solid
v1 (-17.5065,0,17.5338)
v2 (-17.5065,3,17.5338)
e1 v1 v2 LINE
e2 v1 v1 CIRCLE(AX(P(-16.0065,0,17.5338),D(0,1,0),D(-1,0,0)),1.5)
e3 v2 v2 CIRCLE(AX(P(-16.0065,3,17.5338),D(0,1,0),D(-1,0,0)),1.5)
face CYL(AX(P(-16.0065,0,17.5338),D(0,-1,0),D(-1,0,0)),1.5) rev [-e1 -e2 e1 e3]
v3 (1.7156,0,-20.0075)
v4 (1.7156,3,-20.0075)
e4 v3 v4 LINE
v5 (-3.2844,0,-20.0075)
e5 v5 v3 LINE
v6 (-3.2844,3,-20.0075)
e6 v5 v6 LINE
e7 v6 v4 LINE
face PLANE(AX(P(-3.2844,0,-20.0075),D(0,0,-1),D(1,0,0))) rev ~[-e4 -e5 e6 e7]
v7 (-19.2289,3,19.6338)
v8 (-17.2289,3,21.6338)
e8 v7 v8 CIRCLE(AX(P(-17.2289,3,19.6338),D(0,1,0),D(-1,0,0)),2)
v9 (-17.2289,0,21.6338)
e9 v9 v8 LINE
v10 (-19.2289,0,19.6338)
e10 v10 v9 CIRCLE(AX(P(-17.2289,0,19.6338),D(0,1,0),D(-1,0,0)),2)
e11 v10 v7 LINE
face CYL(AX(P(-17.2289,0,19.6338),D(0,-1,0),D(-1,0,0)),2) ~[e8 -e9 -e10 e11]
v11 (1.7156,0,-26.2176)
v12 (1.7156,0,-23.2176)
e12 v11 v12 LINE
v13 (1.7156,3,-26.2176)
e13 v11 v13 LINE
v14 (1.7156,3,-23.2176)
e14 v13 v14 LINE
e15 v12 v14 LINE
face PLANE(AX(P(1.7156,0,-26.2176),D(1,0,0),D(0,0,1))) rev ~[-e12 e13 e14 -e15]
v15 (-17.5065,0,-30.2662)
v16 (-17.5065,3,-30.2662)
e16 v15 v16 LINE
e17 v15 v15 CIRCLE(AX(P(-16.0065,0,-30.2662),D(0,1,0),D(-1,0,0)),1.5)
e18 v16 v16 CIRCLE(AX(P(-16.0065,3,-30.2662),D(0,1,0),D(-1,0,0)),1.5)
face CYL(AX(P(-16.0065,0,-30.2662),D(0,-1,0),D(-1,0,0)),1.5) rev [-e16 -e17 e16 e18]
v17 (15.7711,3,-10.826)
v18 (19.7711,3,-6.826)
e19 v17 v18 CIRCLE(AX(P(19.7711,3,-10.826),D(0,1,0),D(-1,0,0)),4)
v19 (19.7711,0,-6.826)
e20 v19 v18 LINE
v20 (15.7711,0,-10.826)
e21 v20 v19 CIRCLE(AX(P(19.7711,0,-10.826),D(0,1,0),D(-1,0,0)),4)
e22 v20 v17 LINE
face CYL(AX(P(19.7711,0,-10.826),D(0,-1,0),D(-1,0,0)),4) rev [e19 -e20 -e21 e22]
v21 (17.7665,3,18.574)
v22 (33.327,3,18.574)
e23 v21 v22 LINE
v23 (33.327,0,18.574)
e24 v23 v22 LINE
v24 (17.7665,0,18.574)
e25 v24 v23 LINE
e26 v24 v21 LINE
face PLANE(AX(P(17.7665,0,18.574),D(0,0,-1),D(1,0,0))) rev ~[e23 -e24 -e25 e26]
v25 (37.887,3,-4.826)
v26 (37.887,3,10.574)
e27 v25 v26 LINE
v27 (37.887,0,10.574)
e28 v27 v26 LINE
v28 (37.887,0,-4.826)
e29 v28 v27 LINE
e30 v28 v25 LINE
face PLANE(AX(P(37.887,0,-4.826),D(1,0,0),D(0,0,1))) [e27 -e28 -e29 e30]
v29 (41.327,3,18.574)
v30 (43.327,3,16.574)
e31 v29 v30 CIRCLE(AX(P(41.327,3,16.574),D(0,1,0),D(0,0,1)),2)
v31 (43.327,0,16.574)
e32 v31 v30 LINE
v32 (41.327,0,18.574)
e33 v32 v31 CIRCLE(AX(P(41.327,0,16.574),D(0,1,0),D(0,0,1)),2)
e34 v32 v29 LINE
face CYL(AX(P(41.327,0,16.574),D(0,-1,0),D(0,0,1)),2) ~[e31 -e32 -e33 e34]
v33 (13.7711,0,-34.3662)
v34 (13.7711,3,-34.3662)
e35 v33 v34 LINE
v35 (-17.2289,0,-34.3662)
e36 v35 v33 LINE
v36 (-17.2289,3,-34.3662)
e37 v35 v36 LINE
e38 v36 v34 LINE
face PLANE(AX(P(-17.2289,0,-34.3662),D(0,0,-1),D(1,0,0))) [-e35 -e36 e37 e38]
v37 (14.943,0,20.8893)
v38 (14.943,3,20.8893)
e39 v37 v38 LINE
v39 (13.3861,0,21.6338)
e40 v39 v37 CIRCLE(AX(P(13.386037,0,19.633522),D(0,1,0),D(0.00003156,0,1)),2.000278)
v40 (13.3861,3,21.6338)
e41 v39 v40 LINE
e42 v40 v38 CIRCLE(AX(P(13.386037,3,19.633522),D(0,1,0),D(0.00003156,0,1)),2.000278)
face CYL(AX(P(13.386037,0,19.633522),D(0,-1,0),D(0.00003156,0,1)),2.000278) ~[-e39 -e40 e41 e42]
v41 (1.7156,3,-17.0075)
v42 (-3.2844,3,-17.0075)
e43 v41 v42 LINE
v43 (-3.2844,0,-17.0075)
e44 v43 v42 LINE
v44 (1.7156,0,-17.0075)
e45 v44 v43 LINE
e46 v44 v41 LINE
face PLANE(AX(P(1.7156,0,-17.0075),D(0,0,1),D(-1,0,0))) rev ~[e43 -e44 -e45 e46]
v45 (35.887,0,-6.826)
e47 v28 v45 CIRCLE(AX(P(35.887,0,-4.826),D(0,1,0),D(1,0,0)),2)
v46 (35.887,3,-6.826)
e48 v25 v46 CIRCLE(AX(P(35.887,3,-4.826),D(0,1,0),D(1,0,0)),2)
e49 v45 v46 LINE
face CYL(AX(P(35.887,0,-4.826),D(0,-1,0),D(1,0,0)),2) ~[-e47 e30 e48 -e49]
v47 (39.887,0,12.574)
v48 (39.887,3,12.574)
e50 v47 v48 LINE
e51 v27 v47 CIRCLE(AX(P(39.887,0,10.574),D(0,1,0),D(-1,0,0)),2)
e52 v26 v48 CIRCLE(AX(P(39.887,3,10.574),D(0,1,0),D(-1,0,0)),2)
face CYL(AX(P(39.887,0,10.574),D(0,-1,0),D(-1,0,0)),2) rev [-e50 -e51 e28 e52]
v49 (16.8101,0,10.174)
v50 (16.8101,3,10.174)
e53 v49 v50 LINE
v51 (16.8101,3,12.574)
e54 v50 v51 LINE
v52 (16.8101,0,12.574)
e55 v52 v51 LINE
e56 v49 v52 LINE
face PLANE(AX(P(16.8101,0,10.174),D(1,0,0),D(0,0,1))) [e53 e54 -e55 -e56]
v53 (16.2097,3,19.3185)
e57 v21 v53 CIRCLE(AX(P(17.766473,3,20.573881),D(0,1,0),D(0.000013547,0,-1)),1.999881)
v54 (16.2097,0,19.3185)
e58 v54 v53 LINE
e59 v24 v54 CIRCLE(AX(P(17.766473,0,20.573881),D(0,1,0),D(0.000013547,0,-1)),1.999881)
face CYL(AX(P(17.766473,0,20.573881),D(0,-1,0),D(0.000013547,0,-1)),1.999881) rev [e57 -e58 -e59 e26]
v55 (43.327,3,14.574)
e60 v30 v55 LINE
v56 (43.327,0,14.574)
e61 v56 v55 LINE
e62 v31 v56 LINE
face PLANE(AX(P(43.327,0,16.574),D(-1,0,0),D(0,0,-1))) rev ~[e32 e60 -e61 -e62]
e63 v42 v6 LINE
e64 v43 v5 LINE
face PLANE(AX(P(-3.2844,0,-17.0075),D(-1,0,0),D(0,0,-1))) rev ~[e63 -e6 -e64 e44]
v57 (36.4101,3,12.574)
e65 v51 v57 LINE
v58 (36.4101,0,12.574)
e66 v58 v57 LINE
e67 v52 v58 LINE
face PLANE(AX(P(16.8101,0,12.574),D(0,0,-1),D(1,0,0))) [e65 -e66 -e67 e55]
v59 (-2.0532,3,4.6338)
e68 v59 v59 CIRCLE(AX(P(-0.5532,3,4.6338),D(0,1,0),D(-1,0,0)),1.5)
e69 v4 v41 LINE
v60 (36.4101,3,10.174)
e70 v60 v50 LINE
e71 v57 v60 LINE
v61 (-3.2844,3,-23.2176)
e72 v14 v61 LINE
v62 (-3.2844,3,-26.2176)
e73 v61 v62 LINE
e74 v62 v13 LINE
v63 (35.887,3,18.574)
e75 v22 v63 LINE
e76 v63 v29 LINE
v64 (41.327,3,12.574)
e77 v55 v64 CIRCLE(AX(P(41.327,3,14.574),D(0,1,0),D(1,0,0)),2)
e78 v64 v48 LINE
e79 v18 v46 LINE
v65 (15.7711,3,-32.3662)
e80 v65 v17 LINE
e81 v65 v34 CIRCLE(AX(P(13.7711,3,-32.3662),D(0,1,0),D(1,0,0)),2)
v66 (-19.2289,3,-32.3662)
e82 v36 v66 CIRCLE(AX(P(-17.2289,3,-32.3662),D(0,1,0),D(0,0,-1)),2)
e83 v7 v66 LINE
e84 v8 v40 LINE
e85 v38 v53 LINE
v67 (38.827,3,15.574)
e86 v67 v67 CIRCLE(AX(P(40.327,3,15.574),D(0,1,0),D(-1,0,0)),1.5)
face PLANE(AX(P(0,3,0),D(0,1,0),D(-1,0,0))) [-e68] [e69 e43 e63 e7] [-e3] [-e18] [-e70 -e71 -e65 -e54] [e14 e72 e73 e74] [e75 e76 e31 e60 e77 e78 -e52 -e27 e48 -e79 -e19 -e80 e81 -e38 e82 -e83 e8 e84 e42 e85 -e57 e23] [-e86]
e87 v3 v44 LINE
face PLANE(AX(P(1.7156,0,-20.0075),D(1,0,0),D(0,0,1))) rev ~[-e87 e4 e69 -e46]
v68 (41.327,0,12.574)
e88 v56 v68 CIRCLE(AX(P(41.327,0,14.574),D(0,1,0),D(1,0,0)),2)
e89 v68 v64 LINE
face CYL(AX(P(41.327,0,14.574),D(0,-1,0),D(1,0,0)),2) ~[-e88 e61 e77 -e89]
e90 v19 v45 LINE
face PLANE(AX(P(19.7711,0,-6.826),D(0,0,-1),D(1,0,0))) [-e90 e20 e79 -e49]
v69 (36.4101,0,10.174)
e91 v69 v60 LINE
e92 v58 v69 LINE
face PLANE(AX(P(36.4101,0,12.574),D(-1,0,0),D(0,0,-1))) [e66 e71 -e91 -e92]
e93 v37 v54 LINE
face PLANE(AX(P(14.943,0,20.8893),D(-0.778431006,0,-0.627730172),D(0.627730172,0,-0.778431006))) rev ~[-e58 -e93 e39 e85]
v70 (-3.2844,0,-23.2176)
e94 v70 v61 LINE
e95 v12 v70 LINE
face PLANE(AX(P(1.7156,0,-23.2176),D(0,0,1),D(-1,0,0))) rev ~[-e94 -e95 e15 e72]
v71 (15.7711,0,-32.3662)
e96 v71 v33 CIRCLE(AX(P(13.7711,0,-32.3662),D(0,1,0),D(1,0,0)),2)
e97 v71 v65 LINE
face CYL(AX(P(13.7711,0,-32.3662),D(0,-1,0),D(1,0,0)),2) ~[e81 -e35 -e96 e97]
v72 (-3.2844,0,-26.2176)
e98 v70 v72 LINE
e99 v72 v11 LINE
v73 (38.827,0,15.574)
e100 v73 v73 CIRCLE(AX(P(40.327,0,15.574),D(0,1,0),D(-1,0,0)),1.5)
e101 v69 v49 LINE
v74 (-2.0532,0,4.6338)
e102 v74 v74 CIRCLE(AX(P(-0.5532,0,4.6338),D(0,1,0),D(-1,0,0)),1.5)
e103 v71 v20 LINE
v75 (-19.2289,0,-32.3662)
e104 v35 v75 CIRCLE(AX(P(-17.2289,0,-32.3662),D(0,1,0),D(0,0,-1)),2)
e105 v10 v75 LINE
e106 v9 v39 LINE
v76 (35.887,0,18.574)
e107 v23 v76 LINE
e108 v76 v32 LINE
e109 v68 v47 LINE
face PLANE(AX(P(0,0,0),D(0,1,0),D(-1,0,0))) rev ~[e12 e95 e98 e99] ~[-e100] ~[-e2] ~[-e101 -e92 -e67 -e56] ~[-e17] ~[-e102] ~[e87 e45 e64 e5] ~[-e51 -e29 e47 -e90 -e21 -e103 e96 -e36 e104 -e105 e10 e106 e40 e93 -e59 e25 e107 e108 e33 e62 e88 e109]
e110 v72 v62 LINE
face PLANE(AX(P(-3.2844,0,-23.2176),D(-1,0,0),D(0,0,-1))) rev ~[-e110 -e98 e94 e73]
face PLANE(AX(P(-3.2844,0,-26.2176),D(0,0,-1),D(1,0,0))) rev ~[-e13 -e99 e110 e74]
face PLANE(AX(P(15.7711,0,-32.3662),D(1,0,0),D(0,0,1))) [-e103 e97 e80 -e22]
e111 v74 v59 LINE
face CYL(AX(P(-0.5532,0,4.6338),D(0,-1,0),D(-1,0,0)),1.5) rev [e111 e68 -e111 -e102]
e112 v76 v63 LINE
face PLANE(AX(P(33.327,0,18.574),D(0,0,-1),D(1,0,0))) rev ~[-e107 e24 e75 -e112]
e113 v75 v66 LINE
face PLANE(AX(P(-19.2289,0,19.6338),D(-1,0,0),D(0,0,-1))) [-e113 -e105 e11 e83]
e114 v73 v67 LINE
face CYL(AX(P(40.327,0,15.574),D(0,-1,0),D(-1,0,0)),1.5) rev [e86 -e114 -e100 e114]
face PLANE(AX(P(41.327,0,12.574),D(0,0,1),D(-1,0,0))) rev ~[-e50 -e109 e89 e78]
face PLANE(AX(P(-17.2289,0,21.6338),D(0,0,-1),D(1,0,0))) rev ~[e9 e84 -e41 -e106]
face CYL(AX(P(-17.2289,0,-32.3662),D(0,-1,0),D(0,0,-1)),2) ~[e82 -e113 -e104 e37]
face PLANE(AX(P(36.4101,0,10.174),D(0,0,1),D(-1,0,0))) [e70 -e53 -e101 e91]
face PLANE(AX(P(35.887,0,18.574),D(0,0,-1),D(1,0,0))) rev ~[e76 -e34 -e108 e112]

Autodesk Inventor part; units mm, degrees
ref_plane "YZ Plane" through (0, 0, 0) normal (1, 0, 0) x (0, 1, 0)
ref_plane "XZ Plane" through (0, 0, 0) normal (0, 1, 0) x (-1, 0, 0)
ref_plane "XY Plane" through (0, 0, 0) normal (0, 0, 1) x (1, 0, 0)
sketch "Sketch1" plane through (0, 0, 0) normal (0, 1, 0) x (-1, 0, 0)
  line L0 (19.2289, 19.6338) -> (19.2289, -32.3662)
  line L1 (17.2289, -34.3662) -> (-13.7711, -34.3662)
  line L2 (-15.7711, -32.3662) -> (-15.7711, -10.826)
  line L3 (-19.7711, -6.826) -> (-35.887, -6.826)
  line L4 (-37.887, -4.826) -> (-37.887, 10.574)
  line L5 (17.2289, 21.6338) -> (-13.3861, 21.6338)
  line L6 (-14.943, 20.8893) -> (-16.2097, 19.3185)
  line L7 (-17.7665, 18.574) -> (-35.887, 18.574)
  line L8 (-16.8101, 12.574) -> (-36.4101, 12.574)
  line L9 (-36.4101, 12.574) -> (-36.4101, 10.174)
  line L10 (-36.4101, 10.174) -> (-16.8101, 10.174)
  line L11 (-16.8101, 10.174) -> (-16.8101, 12.574)
  arc A0 (19.2289, 19.6338) -> (17.2289, 21.6338) centre (17.2289, 19.6338) ccw
  arc A1 (17.2289, -34.3662) -> (19.2289, -32.3662) centre (17.2289, -32.3662) ccw
  arc A2 (-15.7711, -32.3662) -> (-13.7711, -34.3662) centre (-13.7711, -32.3662) ccw
  arc A3 (-15.7711, -10.826) -> (-19.7711, -6.826) centre (-19.7711, -10.826) ccw
  arc A4 (-37.887, -4.826) -> (-35.887, -6.826) centre (-35.887, -4.826) ccw
  arc A5 (-17.7665, 18.574) -> (-16.2097, 19.3185) centre (-17.7665, 20.574) ccw
  arc A6 (-13.3861, 21.6338) -> (-14.943, 20.8893) centre (-13.3861, 19.6338) ccw
  line L12 (-33.327, 18.574) -> (-41.327, 18.574)
  line L13 (-43.327, 16.574) -> (-43.327, 14.574)
  line L14 (-41.327, 12.574) -> (-39.887, 12.574)
  circle A7 centre (-40.327, 15.574) radius 1.5
  arc A8 (-37.887, 10.574) -> (-39.887, 12.574) centre (-39.887, 10.574) ccw
  arc A9 (-43.327, 14.574) -> (-41.327, 12.574) centre (-41.327, 14.574) ccw
  arc A10 (-41.327, 18.574) -> (-43.327, 16.574) centre (-41.327, 16.574) ccw
  circle A11 centre (16.0065, 17.5338) radius 1.5
  circle A12 centre (16.0065, -30.2662) radius 1.5
  circle A13 centre (0.5532, 4.6338) radius 1.5
  line L15 (3.2844, -26.2176) -> (-1.7156, -26.2176)
  line L16 (-1.7156, -26.2176) -> (-1.7156, -23.2176)
  line L17 (-1.7156, -23.2176) -> (3.2844, -23.2176)
  line L18 (3.2844, -23.2176) -> (3.2844, -26.2176)
  line L19 (3.2844, -20.0075) -> (-1.7156, -20.0075)
  line L20 (-1.7156, -20.0075) -> (-1.7156, -17.0075)
  line L21 (-1.7156, -17.0075) -> (3.2844, -17.0075)
  line L22 (3.2844, -17.0075) -> (3.2844, -20.0075)
  point P0 (0, 0)
  point P1 (-43.327, 12.574)
  dimension "d5" = 19.6
  dimension "d6" = 2.4
  dimension "d7" = 17
  dimension "d8" = 6
  dimension "d9" = 56
  dimension "d11" = 2
  dimension "d12" = 4
  dimension "d14" = 3
  dimension "d15" = 2
  dimension "d16" = 3
  dimension "d17" = 35
  dimension "d18" = 3
  dimension "d19" = 3
  dimension "d23" = 5
  dimension "d24" = 3
  dimension "d25" = 5
  dimension "d26" = 3
sketch "Sketch2" plane through (0, 0, 0) normal (0, 1, 0) x (-1, 0, 0)
  point P0 (0, 0)
extrude "Extrusion2" add sketch "Sketch1" along normal blind 3
properties part number "coxa"
